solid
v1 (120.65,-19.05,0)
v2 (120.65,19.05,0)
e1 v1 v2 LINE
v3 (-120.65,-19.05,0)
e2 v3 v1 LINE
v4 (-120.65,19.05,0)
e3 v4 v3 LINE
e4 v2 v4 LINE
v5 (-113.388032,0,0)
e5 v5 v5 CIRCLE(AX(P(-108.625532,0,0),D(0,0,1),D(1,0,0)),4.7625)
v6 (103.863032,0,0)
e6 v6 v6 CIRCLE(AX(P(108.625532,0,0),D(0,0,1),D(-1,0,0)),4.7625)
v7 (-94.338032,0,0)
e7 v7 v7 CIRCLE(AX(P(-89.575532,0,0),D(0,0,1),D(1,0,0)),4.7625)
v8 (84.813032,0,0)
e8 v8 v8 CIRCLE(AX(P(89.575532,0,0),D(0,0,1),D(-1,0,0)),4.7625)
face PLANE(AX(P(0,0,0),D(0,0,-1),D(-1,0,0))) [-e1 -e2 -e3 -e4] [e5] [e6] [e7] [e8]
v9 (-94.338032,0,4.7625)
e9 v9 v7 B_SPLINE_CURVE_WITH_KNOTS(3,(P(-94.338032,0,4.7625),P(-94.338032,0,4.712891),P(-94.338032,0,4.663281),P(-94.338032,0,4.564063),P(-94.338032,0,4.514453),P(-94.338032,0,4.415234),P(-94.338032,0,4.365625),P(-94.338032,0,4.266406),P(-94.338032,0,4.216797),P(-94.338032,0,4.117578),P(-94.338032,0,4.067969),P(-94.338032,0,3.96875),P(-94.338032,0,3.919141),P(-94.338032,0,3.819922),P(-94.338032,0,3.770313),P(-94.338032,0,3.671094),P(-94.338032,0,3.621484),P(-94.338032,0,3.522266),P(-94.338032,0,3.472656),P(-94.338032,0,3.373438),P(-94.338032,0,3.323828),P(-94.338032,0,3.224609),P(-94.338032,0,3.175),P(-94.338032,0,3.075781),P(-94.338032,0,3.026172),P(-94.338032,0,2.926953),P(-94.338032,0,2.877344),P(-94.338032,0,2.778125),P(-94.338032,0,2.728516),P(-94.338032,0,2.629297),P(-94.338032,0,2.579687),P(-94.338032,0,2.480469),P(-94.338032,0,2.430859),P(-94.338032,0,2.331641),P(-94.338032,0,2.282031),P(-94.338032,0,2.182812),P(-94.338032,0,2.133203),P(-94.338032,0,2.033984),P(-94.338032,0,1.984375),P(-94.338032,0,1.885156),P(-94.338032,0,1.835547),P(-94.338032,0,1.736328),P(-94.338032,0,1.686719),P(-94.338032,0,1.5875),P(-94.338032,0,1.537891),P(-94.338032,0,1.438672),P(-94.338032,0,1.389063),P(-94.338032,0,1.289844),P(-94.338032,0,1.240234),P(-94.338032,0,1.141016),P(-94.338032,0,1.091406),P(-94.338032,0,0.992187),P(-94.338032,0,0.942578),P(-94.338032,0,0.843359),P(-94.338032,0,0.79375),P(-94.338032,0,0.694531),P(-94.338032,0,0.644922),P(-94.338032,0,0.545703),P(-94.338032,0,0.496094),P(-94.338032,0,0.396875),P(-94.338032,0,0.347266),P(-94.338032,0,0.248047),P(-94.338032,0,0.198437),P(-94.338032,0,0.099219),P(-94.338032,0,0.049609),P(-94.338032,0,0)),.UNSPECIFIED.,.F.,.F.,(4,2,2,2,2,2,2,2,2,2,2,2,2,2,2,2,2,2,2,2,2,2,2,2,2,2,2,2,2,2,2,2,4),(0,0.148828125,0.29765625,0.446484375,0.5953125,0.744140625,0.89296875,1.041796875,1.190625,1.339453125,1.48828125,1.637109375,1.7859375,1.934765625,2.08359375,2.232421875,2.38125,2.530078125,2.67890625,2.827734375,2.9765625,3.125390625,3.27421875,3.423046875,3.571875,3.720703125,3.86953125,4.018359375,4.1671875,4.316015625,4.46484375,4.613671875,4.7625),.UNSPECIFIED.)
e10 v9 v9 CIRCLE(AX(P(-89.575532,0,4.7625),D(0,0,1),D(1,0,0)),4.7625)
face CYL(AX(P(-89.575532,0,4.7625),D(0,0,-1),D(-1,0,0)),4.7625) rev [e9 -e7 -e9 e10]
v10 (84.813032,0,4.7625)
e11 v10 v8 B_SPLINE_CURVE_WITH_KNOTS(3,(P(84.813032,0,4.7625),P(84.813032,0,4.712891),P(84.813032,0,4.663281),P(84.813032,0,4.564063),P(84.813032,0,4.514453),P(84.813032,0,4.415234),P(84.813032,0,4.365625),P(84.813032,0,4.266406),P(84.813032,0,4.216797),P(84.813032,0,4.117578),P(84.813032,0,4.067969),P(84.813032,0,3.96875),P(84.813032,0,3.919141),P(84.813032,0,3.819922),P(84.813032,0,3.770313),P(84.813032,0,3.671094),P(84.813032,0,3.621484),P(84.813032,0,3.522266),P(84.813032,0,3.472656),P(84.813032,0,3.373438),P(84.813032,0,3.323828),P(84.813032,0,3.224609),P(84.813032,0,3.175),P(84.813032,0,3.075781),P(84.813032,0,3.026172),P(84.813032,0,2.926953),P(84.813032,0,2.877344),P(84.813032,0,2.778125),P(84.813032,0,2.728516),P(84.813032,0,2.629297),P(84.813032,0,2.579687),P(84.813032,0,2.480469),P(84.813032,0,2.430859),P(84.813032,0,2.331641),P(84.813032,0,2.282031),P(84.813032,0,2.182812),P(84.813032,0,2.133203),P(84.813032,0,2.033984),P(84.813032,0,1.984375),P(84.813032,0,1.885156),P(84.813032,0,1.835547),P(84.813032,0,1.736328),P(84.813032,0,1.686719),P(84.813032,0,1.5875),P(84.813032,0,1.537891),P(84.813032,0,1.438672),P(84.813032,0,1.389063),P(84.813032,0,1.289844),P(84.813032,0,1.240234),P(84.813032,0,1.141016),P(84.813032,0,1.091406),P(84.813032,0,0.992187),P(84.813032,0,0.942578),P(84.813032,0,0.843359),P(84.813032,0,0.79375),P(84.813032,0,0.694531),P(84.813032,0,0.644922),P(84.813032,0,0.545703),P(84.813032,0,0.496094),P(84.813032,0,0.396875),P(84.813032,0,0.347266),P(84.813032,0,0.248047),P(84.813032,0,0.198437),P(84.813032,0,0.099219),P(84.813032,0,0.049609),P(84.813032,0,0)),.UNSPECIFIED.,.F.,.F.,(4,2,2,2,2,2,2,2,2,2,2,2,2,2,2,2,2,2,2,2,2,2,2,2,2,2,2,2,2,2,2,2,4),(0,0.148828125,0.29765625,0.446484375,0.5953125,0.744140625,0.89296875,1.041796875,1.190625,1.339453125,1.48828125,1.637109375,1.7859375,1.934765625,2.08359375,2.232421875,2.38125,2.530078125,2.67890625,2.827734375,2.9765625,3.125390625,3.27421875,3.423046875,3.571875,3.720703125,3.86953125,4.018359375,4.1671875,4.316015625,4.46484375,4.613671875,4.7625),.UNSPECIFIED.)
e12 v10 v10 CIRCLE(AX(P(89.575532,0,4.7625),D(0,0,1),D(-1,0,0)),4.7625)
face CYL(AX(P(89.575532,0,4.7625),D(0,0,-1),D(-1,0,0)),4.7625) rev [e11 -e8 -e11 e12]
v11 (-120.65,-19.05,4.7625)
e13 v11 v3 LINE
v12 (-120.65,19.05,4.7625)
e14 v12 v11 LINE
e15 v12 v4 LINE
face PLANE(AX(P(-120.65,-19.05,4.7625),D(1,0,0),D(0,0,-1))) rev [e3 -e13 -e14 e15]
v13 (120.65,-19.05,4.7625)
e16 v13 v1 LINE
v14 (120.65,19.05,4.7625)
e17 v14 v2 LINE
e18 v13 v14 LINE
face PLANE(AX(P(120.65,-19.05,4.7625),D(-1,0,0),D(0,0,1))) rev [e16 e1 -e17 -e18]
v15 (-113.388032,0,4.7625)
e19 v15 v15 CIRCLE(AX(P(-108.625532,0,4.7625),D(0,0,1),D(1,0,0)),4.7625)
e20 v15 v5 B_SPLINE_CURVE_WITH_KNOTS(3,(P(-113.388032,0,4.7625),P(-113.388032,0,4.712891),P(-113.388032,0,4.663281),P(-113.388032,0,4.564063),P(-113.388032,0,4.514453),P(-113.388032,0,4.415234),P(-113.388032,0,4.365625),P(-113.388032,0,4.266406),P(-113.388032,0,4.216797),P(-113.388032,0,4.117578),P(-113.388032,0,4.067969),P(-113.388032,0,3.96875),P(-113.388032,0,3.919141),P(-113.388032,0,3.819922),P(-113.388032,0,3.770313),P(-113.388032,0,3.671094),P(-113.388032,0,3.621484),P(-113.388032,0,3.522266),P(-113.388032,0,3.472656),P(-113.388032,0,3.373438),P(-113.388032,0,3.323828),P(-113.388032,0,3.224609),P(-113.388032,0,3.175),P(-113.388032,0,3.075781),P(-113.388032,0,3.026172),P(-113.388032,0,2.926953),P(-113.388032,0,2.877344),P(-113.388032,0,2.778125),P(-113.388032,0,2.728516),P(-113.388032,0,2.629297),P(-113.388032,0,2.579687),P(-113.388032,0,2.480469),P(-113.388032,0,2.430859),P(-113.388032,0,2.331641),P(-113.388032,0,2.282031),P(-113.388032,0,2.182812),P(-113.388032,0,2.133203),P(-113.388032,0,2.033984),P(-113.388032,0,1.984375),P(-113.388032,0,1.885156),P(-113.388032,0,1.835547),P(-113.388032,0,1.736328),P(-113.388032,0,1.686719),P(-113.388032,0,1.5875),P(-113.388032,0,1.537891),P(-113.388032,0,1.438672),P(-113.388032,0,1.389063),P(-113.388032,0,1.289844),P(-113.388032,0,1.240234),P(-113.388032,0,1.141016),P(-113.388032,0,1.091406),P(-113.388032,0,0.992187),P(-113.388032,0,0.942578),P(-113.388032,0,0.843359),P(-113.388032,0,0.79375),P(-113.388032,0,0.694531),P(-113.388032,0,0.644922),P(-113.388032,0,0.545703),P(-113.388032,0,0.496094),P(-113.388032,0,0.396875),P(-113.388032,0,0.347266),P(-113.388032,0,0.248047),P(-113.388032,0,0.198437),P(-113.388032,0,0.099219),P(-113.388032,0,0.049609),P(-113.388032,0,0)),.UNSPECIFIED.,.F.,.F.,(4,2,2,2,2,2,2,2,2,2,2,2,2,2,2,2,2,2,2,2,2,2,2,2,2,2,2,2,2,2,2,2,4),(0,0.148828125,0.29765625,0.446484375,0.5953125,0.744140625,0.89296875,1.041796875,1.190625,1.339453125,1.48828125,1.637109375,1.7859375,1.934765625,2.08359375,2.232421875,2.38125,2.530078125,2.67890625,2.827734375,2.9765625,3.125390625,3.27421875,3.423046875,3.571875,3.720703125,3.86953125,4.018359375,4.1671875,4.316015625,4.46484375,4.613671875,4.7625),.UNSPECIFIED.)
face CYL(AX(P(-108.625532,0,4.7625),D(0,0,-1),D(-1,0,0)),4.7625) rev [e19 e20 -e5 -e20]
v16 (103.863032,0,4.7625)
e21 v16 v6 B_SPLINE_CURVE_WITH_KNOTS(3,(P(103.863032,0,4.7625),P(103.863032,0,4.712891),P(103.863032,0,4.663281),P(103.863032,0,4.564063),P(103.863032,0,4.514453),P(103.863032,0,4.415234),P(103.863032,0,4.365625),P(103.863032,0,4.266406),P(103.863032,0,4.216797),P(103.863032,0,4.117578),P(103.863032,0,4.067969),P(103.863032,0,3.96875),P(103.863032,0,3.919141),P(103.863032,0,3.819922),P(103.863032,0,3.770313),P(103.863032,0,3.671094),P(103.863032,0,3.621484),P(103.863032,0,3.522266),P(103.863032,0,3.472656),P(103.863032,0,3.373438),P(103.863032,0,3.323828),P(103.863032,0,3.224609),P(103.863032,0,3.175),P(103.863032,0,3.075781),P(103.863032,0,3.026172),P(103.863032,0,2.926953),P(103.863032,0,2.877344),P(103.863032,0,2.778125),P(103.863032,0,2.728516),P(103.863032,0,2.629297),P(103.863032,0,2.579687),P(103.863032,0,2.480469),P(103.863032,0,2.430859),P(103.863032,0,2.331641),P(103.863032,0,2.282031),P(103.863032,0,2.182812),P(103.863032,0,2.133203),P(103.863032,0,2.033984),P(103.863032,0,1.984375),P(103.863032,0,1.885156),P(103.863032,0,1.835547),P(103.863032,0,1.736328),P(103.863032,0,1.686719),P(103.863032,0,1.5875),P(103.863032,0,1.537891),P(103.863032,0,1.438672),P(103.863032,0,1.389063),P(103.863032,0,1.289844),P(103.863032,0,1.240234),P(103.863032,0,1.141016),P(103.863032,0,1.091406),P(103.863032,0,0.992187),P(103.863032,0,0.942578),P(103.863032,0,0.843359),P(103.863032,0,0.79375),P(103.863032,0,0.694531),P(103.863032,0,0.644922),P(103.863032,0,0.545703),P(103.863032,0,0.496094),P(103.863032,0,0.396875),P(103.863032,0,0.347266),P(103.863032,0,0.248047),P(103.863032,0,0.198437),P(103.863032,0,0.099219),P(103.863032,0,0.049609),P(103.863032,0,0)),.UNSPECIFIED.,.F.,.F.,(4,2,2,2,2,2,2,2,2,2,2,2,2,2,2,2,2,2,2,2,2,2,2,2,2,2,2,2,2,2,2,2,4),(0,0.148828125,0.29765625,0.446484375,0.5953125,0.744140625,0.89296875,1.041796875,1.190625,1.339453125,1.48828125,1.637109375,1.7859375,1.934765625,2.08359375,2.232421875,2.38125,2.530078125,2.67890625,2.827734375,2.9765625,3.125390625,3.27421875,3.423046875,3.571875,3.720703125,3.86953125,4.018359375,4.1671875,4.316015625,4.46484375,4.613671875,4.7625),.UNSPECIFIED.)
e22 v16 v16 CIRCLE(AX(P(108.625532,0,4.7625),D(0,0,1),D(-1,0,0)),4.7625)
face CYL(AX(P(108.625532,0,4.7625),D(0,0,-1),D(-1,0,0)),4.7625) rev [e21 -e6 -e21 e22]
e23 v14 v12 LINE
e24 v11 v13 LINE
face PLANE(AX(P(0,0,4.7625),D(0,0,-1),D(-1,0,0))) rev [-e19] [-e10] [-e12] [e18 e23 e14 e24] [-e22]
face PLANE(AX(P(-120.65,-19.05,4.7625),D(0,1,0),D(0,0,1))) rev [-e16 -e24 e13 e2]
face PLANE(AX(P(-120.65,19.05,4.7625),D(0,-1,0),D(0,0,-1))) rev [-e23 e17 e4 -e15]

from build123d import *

# Parameters (mm, degrees)
SKETCH1_W           = 241.3
SKETCH1_H           = 38.1
SKETCH1_R           = 4.7625
BOSS_EXTRUDE1_DEPTH = 4.7625


with BuildPart() as part:
    # Sketch1 → Boss-Extrude1 (new body)
    with BuildSketch(Plane.XY):
        Rectangle(SKETCH1_W, SKETCH1_H)
        with Locations(Location((-108.625531915, 0, 0), (0, 0, 180))):
            Circle(SKETCH1_R, mode=Mode.SUBTRACT)
        with Locations(Location((-89.575531915, 0, 0), (0, 0, 180))):
            Circle(SKETCH1_R, mode=Mode.SUBTRACT)
        with Locations(Location((89.575531915, 0, 0), (0, 0, 180))):
            Circle(SKETCH1_R, mode=Mode.SUBTRACT)
        with Locations(Location((108.625531915, 0, 0), (0, 0, 180))):
            Circle(SKETCH1_R, mode=Mode.SUBTRACT)
    extrude(amount=BOSS_EXTRUDE1_DEPTH)


solid = part.part
